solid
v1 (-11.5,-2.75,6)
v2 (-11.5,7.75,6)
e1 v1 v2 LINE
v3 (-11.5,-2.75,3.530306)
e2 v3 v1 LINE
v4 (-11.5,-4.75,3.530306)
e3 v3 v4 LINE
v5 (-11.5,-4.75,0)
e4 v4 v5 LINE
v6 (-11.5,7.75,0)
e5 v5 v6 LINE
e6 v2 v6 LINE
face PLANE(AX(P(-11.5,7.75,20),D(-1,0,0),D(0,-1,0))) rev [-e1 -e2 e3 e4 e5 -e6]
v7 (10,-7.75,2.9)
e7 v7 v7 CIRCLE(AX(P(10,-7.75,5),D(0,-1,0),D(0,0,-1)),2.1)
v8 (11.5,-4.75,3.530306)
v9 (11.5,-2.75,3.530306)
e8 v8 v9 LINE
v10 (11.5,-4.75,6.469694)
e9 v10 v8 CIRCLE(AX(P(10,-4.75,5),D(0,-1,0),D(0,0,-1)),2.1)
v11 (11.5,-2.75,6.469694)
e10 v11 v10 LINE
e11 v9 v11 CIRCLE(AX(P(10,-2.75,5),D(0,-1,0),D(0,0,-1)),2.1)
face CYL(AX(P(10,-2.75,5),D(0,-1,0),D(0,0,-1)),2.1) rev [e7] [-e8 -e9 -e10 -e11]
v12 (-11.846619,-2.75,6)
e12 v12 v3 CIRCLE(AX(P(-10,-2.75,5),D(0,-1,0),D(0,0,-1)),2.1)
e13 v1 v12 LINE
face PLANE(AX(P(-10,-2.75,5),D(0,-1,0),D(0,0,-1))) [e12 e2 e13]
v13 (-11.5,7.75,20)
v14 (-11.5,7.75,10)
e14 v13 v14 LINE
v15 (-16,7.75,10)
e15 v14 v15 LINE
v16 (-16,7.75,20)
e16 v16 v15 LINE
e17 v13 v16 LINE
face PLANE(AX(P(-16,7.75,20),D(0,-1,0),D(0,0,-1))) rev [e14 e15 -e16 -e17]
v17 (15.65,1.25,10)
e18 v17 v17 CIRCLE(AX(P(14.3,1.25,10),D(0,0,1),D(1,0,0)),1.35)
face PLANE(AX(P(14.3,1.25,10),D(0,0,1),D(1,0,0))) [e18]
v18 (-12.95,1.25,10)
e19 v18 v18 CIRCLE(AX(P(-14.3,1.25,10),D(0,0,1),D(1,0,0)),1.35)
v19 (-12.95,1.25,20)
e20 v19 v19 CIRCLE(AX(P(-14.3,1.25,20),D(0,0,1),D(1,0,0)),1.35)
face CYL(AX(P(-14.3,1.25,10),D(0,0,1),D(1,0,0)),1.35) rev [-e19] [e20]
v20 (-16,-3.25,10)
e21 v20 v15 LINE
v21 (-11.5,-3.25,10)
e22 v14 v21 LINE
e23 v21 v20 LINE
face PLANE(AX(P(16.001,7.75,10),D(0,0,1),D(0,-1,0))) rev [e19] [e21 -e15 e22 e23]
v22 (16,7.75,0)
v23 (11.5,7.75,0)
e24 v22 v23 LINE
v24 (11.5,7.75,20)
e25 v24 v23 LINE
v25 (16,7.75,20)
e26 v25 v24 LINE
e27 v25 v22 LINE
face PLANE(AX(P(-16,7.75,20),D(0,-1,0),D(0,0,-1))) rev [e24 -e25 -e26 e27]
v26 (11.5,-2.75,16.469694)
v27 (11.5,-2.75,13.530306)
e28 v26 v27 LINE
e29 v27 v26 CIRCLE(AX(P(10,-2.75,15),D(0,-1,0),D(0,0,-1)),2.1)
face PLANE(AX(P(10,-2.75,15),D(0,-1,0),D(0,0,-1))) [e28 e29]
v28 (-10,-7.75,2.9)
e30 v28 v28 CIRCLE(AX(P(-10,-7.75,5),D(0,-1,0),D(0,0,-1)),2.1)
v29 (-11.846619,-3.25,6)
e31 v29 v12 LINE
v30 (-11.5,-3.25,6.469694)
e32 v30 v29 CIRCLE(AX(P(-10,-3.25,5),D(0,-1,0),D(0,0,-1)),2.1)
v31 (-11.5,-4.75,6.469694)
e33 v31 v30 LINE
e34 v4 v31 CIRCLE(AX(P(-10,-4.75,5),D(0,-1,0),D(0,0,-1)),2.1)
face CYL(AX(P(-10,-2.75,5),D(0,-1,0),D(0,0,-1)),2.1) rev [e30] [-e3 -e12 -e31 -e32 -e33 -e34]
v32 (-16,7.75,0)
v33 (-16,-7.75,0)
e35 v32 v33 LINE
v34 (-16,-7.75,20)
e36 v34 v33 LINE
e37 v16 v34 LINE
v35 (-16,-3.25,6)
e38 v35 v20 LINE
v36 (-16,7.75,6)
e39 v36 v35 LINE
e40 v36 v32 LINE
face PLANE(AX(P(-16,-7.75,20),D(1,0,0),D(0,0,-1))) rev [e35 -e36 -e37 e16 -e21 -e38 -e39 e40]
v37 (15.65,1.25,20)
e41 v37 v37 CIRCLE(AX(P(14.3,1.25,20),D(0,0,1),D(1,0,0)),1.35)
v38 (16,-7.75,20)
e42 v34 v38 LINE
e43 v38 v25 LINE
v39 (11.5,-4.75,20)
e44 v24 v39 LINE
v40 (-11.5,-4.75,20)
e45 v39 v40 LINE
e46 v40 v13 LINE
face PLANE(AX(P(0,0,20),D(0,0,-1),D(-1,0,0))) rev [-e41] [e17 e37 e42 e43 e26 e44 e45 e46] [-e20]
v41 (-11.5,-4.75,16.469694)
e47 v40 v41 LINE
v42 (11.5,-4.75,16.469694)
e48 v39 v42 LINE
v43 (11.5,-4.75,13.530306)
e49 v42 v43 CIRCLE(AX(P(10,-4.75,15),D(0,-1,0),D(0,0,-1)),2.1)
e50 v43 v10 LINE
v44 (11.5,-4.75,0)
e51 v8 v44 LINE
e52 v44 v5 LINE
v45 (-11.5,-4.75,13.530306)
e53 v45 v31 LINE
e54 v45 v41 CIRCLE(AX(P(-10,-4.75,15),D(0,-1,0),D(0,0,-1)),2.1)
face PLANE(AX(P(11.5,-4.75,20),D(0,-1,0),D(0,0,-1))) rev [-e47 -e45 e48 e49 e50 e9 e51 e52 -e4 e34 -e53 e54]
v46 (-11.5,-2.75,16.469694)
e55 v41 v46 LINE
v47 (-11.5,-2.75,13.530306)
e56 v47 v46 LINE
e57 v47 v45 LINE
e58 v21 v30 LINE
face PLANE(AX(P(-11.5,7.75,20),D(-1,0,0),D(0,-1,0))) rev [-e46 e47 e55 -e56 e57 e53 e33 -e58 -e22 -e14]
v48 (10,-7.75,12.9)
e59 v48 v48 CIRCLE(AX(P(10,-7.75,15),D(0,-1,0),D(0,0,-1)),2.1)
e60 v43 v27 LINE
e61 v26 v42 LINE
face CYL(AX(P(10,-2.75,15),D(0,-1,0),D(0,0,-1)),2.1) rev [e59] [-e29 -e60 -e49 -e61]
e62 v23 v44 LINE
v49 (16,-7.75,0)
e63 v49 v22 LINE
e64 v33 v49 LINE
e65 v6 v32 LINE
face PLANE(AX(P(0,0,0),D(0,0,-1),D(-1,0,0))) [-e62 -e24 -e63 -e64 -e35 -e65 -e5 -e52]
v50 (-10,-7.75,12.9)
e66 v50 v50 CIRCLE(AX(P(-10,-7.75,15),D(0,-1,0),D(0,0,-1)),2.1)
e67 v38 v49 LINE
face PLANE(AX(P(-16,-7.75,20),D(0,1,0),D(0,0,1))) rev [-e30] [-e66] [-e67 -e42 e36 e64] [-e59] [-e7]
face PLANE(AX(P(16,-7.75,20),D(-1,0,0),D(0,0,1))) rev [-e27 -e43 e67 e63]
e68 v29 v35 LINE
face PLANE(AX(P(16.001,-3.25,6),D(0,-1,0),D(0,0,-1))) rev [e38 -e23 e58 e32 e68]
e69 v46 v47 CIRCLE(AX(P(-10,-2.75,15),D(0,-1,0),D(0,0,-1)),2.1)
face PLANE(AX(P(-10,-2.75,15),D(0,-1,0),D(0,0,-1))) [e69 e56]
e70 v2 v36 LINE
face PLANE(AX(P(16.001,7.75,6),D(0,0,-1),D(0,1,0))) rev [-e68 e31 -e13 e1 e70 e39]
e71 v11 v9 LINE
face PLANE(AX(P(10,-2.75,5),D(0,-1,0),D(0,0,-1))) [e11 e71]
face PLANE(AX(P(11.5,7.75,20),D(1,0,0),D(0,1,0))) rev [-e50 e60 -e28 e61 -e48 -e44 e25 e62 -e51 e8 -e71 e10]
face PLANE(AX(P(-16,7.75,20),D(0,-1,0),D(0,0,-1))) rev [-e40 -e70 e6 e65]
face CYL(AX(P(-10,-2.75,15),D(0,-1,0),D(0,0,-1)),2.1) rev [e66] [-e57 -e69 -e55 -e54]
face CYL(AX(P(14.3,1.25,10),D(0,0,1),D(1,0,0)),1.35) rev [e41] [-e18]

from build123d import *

# Parameters (mm, degrees)
SKETCH_4_W          = 32
SKETCH_4_H          = 15.5
EXTRUDE_2_DEPTH     = 20
SKETCH_6_W          = 23
SKETCH_6_H          = 12.5
CUT_EXTRUDE_1_DEPTH = 27.759344162
CUT_EXTRUDE_2_REACH = 40.524
SKETCH_7_W          = 4
SKETCH_7_H          = 11
SKETCH_9_R          = 1.35
CUT_EXTRUDE_3_DEPTH = 10
SKETCH_11_R         = 2.1
CUT_EXTRUDE_4_DEPTH = 5


with BuildPart() as part:
    # Эскиз4 → Бобышка-Вытянуть2 (new body)
    with BuildSketch(Plane.XY):
        Rectangle(SKETCH_4_W, SKETCH_4_H)
    extrude(amount=EXTRUDE_2_DEPTH)

    # Эскиз6 → Вырез-Вытянуть1 (cut, through all)
    with BuildSketch(Plane(origin=(0, 0, 0), x_dir=(-1, 0, 0), z_dir=(0, 0, -1))):
        with Locations((0, 1.5)):
            Rectangle(SKETCH_6_W, SKETCH_6_H)
    extrude(amount=-CUT_EXTRUDE_1_DEPTH, mode=Mode.SUBTRACT)

    # Эскиз7 → Вырез-Вытянуть2 (cut, up to next)
    with BuildSketch(Plane.ZY.offset(16), mode=Mode.PRIVATE) as cut_extrude_2_sk1:
        with Locations((8, 2.25)):
            Rectangle(SKETCH_7_W, SKETCH_7_H)
    cut_extrude_2_tool1 = extrude(cut_extrude_2_sk1.sketch, amount=-CUT_EXTRUDE_2_REACH, mode=Mode.PRIVATE) & part.part
    add(cut_extrude_2_tool1.solids().sort_by_distance((-16, 2.25, 8))[0], mode=Mode.SUBTRACT)

    # Эскиз9 → Вырез-Вытянуть3 (cut)
    with BuildSketch(Plane.XY.offset(20)):
        with Locations((-14.3, 1.25)):
            Circle(SKETCH_9_R)
        with Locations((14.3, 1.25)):
            Circle(SKETCH_9_R)
    extrude(amount=-CUT_EXTRUDE_3_DEPTH, mode=Mode.SUBTRACT)

    # Эскиз11 → Вырез-Вытянуть4 (cut)
    with BuildSketch(Plane.XZ.offset(7.75)):
        with Locations(Location((-10, 15, 0), (0, 0, 270))):
            Circle(SKETCH_11_R)
        with Locations(Location((10, 15, 0), (0, 0, 270))):
            Circle(SKETCH_11_R)
        with Locations(Location((10, 5, 0), (0, 0, 270))):
            Circle(SKETCH_11_R)
        with Locations(Location((-10, 5, 0), (0, 0, 270))):
            Circle(SKETCH_11_R)
    extrude(amount=-CUT_EXTRUDE_4_DEPTH, mode=Mode.SUBTRACT)


solid = part.part
